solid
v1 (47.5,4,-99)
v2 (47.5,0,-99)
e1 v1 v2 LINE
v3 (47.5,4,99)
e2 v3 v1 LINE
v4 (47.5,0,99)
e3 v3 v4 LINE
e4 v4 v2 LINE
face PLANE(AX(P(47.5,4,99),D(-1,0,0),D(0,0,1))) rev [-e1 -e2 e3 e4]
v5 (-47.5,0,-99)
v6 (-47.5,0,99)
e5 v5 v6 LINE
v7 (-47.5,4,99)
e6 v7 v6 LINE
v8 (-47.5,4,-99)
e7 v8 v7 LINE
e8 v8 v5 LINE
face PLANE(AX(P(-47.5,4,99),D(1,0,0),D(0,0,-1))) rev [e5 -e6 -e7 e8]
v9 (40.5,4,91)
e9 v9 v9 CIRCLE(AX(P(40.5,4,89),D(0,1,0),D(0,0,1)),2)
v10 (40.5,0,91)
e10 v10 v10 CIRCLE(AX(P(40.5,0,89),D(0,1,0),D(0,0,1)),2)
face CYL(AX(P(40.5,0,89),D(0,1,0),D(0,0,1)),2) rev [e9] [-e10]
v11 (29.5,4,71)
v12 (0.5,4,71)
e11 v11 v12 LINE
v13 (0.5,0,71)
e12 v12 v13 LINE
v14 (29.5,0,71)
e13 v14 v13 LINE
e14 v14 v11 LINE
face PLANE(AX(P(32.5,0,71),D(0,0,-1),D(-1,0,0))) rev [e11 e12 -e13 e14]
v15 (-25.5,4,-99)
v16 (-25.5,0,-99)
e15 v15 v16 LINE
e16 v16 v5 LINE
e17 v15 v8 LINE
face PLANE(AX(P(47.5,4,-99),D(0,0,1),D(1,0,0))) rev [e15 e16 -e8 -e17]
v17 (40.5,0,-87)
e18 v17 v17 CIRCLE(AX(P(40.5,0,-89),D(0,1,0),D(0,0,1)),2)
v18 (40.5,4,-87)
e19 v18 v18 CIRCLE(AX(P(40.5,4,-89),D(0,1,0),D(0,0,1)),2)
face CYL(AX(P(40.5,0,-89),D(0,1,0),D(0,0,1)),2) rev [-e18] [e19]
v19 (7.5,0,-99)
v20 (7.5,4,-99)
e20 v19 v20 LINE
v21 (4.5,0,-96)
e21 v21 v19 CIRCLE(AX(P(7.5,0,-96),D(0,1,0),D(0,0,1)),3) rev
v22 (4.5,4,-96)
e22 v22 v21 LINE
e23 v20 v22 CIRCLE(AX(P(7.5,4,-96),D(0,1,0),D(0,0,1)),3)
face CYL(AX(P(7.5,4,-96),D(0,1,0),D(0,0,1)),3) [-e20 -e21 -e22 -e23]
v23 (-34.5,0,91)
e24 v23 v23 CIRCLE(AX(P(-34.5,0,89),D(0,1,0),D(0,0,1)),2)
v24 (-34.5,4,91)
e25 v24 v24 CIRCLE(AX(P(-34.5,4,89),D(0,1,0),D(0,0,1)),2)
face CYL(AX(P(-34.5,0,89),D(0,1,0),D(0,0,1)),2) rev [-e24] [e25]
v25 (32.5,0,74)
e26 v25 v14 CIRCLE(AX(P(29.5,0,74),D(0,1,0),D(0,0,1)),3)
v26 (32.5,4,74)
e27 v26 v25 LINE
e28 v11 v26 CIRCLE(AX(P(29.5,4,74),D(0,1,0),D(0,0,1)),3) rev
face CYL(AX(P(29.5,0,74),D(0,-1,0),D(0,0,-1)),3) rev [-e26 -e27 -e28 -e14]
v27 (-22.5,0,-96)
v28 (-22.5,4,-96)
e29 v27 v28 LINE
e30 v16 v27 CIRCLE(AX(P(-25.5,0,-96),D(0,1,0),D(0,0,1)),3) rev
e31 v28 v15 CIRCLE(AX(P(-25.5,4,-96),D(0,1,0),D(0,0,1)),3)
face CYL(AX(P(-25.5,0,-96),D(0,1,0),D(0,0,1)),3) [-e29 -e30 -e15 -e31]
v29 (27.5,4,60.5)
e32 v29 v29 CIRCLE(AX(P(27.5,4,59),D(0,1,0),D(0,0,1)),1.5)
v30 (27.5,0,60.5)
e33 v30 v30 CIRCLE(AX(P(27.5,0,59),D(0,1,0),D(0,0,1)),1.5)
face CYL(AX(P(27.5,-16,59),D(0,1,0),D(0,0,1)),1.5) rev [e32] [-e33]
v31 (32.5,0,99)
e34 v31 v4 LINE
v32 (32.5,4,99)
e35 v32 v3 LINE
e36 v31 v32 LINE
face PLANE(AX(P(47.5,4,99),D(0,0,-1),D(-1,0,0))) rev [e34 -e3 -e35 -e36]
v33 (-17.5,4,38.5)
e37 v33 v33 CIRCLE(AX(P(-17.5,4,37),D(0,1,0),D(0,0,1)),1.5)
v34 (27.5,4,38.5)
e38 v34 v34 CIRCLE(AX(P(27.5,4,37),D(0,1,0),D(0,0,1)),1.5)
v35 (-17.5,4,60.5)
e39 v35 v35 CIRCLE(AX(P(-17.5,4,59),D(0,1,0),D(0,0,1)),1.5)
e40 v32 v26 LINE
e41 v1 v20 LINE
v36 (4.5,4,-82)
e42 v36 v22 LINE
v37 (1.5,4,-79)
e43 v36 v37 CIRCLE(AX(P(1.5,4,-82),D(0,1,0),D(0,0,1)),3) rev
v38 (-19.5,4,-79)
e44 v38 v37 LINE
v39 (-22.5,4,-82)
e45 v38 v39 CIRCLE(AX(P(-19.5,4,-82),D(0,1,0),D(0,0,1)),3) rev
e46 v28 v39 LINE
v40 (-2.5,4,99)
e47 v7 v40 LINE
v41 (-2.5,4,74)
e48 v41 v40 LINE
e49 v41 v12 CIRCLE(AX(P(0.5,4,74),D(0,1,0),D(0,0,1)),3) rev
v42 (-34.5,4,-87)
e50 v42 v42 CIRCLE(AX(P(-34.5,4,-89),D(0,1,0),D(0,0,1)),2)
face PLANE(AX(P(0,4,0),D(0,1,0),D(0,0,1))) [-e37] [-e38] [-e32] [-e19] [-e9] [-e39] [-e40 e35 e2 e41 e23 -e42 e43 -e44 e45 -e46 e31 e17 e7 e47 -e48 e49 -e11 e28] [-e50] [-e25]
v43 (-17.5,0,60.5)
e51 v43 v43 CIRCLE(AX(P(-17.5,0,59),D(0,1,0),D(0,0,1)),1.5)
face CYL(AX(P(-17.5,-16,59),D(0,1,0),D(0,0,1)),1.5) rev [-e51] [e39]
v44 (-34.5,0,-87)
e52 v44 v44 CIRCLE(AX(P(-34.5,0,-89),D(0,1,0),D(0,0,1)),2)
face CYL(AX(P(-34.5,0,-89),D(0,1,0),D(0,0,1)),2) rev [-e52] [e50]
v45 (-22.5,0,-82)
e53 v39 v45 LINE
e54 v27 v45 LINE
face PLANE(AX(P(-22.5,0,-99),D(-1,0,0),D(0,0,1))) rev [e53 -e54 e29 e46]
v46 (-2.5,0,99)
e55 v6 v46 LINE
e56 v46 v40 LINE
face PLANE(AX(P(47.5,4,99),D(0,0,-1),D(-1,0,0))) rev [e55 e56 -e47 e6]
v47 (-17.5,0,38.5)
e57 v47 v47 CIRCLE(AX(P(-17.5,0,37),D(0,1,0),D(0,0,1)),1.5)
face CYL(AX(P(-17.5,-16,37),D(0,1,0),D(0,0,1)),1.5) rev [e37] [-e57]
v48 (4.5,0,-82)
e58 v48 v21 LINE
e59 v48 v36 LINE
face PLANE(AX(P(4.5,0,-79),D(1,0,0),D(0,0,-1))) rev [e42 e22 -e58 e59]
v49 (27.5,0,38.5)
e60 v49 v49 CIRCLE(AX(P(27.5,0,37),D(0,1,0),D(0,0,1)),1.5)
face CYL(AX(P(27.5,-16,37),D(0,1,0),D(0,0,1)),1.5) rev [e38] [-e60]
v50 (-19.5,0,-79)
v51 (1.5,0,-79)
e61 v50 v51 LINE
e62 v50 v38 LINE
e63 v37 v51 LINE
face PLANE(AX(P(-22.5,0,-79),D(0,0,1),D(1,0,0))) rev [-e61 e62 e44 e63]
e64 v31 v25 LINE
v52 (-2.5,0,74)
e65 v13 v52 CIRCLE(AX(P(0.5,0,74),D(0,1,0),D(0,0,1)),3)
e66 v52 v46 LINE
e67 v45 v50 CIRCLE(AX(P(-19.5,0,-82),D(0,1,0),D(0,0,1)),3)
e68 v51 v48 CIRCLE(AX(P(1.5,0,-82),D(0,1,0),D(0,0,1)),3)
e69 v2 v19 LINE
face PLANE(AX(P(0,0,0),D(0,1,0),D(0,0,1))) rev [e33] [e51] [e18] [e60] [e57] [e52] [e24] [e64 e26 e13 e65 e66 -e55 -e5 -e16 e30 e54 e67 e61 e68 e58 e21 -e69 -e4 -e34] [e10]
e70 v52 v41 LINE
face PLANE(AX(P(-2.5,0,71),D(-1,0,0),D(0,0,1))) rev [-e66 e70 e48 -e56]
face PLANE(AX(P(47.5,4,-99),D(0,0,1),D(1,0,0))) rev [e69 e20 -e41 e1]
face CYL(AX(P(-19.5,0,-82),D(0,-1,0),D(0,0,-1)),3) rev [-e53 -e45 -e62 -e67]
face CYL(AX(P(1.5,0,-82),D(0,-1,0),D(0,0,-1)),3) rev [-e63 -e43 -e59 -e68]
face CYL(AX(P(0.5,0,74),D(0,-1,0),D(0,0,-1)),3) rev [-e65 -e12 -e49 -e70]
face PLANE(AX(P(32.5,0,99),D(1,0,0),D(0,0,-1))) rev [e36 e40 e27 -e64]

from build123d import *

# Parameters (mm, degrees)
SKETCH_1_W          = 95
SKETCH_1_H          = 198
EXTRUDE_1_DEPTH     = 4
SKETCH_2_W          = 35
SKETCH_2_H          = 28
CUT_EXTRUDE_1_DEPTH = 4
SKETCH_3_R          = 2
CUT_EXTRUDE_2_DEPTH = 110.878341815
SKETCH_4_R          = 2
CUT_EXTRUDE_3_DEPTH = 110.878341815
SKETCH_5_W          = 27
SKETCH_5_H          = 20
CUT_EXTRUDE_4_DEPTH = 110.878341815
SKETCH_6_R          = 1.5
CUT_EXTRUDE_5_DEPTH = 20
FILLET_1_R          = 3
FILLET_2_R          = 3


with BuildPart() as part:
    # 草图1 → 凸台-拉伸1 (new body)
    with BuildSketch(Plane(origin=(0, 0, 0), x_dir=(1, 0, 0), z_dir=(0, 1, 0))):
        Rectangle(SKETCH_1_W, SKETCH_1_H)
    extrude(amount=EXTRUDE_1_DEPTH)

    # 草图2 → 切除-拉伸1 (cut)
    with BuildSketch(Plane(origin=(0, 4, 0), x_dir=(1, 0, 0), z_dir=(0, 1, 0))):
        with Locations((15, -85)):
            Rectangle(SKETCH_2_W, SKETCH_2_H)
    extrude(amount=-CUT_EXTRUDE_1_DEPTH, mode=Mode.SUBTRACT)

    # 草图3 → 切除-拉伸2 (cut, through all)
    with BuildSketch(Plane(origin=(0, 4, 0), x_dir=(1, 0, 0), z_dir=(0, 1, 0))):
        with Locations(Location((40.5, -89, 0), (0, 0, 270))):
            Circle(SKETCH_3_R)
    extrude(amount=-CUT_EXTRUDE_2_DEPTH, mode=Mode.SUBTRACT)

    # 草图4 → 切除-拉伸3 (cut, through all)
    with BuildSketch(Plane(origin=(0, 4, 0), x_dir=(1, 0, 0), z_dir=(0, 1, 0))):
        with Locations(Location((40.5, 89, 0), (0, 0, 270))):
            Circle(SKETCH_4_R)
        with Locations(Location((-34.5, 89, 0), (0, 0, 270))):
            Circle(SKETCH_4_R)
        with Locations(Location((-34.5, -89, 0), (0, 0, 270))):
            Circle(SKETCH_4_R)
    extrude(amount=-CUT_EXTRUDE_3_DEPTH, mode=Mode.SUBTRACT)

    # 草图5 → 切除-拉伸4 (cut, through all)
    with BuildSketch(Plane(origin=(0, 4, 0), x_dir=(1, 0, 0), z_dir=(0, 1, 0))):
        with Locations((-9, 89)):
            Rectangle(SKETCH_5_W, SKETCH_5_H)
    extrude(amount=-CUT_EXTRUDE_4_DEPTH, mode=Mode.SUBTRACT)

    # 草图6 → 切除-拉伸5 (cut)
    with BuildSketch(Plane(origin=(0, 4, 0), x_dir=(1, 0, 0), z_dir=(0, 1, 0))):
        with Locations(Location((-17.5, -59, 0), (0, 0, 270))):
            Circle(SKETCH_6_R)
        with Locations(Location((27.5, -59, 0), (0, 0, 270))):
            Circle(SKETCH_6_R)
        with Locations(Location((27.5, -37, 0), (0, 0, 270))):
            Circle(SKETCH_6_R)
        with Locations(Location((-17.5, -37, 0), (0, 0, 270))):
            Circle(SKETCH_6_R)
    extrude(amount=-CUT_EXTRUDE_5_DEPTH, mode=Mode.SUBTRACT)

    # 圆角1
    fillet_1_edges = [part.edges().sort_by_distance(p)[0] for p in [
        (-2.5, 2, 71),
        (32.5, 2, 71),
    ]]
    fillet(fillet_1_edges, radius=FILLET_1_R)

    # 圆角2
    fillet_2_edges = [part.edges().sort_by_distance(p)[0] for p in [
        (-22.5, 2, -99),
        (4.5, 2, -99),
        (4.5, 2, -79),
        (-22.5, 2, -79),
    ]]
    fillet(fillet_2_edges, radius=FILLET_2_R)


solid = part.part
